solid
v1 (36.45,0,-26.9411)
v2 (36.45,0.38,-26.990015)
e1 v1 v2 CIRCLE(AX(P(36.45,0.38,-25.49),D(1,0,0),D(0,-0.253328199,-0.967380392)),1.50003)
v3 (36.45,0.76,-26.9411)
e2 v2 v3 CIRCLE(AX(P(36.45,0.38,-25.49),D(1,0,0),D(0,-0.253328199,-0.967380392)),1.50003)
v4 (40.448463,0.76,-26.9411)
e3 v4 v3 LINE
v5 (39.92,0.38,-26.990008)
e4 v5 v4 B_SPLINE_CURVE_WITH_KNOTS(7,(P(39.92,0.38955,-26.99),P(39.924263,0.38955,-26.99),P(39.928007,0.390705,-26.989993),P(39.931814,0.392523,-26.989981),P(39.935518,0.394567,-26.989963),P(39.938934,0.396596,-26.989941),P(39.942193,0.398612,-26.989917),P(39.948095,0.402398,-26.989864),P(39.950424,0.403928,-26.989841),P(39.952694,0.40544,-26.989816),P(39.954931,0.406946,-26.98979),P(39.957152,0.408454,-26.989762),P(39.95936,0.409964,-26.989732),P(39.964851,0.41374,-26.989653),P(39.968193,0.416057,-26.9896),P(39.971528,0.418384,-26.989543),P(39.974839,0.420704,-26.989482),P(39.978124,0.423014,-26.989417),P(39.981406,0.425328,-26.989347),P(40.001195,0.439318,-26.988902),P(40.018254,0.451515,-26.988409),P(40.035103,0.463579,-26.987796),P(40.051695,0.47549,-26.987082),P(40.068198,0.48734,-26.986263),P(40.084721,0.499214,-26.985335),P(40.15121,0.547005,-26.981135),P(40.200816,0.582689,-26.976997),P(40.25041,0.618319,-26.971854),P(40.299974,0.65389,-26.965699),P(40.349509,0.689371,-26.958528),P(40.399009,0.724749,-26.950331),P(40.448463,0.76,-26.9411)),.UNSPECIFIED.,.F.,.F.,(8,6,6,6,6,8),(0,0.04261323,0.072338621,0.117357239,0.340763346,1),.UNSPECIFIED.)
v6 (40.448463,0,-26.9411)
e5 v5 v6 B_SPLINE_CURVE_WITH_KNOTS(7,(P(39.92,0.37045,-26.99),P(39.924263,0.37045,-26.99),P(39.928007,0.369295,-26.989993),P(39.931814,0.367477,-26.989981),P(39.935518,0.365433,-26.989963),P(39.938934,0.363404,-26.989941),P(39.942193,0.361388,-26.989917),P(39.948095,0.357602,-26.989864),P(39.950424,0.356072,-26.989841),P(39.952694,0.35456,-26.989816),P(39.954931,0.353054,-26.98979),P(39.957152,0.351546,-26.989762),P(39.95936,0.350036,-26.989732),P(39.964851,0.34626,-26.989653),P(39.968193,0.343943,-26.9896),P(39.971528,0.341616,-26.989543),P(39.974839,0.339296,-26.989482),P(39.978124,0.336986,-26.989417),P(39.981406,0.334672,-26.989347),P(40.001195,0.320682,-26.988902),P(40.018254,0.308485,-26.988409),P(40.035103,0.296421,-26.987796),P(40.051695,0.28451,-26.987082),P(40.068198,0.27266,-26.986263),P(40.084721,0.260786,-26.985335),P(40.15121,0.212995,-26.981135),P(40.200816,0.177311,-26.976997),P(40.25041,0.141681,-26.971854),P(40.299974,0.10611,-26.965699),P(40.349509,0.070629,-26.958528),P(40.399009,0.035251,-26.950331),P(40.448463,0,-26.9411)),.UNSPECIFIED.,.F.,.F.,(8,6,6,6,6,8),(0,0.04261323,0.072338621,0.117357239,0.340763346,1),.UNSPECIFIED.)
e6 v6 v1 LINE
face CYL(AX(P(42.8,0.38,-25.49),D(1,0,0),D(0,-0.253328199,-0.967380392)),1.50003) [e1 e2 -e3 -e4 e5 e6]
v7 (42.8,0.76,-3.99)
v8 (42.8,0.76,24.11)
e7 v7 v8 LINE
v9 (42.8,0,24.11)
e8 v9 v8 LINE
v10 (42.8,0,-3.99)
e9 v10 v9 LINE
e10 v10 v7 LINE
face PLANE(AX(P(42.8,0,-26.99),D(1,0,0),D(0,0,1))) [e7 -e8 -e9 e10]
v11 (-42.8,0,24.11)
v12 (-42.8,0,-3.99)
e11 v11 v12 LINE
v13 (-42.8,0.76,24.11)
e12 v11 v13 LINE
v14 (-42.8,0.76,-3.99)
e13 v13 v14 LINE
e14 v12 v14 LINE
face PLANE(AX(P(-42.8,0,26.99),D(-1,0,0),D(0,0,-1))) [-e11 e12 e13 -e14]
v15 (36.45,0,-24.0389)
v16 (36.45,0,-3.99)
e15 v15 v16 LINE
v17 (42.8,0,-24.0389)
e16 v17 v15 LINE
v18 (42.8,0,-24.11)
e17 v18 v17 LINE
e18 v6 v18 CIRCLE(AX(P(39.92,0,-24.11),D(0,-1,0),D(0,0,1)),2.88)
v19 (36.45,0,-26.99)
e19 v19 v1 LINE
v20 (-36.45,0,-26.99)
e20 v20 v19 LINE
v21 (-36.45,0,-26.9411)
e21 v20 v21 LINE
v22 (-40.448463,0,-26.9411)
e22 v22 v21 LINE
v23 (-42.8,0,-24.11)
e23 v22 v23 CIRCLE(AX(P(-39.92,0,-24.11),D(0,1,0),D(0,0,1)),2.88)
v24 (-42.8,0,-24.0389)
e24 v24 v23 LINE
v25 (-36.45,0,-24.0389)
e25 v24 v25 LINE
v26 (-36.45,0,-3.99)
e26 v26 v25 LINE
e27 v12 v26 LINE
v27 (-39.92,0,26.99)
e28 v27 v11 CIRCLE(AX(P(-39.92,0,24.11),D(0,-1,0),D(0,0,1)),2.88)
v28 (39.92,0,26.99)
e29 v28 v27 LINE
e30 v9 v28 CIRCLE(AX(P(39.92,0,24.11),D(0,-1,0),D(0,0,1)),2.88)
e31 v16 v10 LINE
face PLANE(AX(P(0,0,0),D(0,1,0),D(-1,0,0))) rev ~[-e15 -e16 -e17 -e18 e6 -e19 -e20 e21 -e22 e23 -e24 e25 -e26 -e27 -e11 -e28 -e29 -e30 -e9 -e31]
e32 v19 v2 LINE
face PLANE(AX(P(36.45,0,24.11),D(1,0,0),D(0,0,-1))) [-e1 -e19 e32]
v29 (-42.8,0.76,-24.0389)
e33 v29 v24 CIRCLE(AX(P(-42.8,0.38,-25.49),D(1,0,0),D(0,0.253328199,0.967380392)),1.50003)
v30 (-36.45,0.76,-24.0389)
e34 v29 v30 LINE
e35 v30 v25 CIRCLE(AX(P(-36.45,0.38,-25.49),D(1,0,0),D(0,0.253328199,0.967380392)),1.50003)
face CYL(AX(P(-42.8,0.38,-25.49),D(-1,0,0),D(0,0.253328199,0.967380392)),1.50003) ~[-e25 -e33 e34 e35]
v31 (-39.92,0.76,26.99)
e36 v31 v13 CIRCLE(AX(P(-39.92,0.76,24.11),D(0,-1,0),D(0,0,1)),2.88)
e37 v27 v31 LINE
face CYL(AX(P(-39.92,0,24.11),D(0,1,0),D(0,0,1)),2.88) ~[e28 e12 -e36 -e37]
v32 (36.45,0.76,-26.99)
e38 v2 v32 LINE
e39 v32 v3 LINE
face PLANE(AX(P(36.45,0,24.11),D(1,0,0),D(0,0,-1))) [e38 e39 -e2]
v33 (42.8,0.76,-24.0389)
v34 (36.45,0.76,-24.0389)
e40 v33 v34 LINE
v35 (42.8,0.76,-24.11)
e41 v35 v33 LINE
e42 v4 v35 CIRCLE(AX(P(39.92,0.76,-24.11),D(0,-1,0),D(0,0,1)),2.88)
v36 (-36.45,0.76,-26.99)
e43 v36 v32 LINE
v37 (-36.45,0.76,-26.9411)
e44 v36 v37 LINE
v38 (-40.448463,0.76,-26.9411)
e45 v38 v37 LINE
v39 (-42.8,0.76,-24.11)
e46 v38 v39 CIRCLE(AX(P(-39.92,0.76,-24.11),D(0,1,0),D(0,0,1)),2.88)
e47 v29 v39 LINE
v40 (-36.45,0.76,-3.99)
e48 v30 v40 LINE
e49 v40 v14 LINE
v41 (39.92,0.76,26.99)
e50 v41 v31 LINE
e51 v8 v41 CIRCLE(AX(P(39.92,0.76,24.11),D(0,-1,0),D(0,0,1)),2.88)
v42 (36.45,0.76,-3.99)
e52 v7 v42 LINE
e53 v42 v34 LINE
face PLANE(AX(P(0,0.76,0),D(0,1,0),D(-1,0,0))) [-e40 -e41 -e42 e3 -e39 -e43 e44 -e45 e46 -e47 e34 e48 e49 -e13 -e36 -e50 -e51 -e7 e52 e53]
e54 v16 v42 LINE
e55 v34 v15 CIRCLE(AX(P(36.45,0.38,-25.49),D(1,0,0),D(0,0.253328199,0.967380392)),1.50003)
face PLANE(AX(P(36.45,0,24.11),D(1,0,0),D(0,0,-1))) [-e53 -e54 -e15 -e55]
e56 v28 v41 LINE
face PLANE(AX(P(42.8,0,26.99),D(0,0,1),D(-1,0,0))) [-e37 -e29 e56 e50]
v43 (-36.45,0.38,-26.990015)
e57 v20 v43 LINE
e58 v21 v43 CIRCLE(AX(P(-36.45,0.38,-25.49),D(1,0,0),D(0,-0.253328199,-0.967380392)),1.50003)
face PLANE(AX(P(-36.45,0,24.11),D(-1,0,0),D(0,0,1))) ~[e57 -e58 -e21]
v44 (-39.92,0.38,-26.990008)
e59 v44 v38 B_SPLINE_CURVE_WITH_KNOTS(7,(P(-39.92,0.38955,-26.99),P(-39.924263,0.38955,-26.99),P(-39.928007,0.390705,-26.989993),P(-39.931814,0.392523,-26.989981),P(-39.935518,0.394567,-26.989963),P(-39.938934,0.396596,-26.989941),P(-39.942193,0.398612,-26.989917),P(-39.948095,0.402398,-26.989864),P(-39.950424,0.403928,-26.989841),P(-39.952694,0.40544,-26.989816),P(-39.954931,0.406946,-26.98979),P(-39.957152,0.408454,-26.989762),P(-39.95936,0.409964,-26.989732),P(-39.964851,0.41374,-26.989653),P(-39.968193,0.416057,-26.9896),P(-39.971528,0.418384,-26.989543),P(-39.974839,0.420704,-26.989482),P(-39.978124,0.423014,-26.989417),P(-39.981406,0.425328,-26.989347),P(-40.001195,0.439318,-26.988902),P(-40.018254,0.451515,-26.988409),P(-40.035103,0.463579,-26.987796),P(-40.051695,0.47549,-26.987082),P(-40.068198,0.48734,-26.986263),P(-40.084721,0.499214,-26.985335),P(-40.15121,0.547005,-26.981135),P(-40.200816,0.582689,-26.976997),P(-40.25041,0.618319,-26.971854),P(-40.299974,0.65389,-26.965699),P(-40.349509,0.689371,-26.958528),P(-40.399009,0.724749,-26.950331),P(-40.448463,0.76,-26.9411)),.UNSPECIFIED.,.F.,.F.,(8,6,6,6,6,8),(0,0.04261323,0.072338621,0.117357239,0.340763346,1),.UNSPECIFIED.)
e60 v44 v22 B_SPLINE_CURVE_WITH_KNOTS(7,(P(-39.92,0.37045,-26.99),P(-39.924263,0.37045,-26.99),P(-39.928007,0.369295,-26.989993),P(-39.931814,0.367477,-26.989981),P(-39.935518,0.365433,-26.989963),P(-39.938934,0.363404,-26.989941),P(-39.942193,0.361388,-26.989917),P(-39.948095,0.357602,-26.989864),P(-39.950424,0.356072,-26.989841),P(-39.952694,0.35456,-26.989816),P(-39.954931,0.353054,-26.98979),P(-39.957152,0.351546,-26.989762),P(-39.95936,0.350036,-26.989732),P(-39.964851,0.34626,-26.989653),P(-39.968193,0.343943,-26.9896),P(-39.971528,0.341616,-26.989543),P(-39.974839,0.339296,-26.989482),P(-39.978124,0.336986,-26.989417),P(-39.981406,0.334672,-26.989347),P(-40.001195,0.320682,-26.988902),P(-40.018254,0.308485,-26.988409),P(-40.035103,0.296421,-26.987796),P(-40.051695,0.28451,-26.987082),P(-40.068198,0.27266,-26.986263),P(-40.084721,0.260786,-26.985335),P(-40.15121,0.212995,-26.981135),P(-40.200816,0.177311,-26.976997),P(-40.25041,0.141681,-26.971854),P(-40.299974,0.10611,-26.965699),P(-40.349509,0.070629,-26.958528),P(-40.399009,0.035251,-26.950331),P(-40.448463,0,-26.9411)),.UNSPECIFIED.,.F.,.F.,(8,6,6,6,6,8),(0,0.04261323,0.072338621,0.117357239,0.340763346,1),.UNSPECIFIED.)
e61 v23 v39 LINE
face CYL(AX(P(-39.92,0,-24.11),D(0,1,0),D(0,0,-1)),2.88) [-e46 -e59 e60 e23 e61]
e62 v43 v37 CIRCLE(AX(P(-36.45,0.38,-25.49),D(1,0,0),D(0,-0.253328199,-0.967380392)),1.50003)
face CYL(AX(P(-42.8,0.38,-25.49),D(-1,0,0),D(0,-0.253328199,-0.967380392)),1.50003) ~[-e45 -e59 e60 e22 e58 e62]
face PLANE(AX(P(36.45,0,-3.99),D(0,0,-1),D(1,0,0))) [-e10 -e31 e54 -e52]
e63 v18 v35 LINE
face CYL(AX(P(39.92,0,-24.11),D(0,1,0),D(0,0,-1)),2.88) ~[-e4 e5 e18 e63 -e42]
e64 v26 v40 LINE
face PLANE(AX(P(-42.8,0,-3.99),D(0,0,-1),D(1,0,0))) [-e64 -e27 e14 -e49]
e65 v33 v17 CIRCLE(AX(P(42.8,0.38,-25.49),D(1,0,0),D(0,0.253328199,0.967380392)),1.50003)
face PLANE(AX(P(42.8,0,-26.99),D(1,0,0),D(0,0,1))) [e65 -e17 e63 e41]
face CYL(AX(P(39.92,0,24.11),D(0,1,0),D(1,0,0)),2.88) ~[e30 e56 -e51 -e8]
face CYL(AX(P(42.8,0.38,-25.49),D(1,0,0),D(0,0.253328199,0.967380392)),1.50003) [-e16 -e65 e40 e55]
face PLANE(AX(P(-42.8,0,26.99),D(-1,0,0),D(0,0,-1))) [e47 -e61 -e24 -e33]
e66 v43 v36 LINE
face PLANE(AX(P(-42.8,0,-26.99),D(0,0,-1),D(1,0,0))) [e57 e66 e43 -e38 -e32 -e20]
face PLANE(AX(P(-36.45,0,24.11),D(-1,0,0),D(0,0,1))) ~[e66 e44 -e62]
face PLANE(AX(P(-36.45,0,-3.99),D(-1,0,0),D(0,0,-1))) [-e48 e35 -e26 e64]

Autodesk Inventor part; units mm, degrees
ref_plane "YZ Plane" through (0, 0, 0) normal (1, 0, 0) x (0, 1, 0)
ref_plane "XZ Plane" through (0, 0, 0) normal (0, 1, 0) x (-1, 0, 0)
ref_plane "XY Plane" through (0, 0, 0) normal (0, 0, 1) x (1, 0, 0)
sketch "Sketch1" plane through (0, 0, 0) normal (0, 1, 0) x (-1, 0, 0)
  line L0 (42.8, -26.99) -> (-42.8, -26.99)
  line L1 (-42.8, -26.99) -> (-42.8, 26.99)
  line L2 (-42.8, 26.99) -> (42.8, 26.99)
  line L3 (42.8, 26.99) -> (42.8, -26.99)
  line L4 (42.8, -26.99) -> (-42.8, 26.99) construction
  line L5 (-42.8, -26.99) -> (42.8, 26.99) construction
  point P0 (0, 0)
  dimension "d0" = 85.6
  dimension "d1" = 53.98
extrude "Extrusion1" add sketch "Sketch1" along normal blind 0.76
fillet "Fillet1" radius 2.88 4 edges at (42.8, 0.38, 26.99) (42.8, 0.38, -26.99) (-42.8, 0.38, 26.99) (-42.8, 0.38, -26.99)
sketch "Sketch2" plane through (0, 0, 0) normal (0, -1, 0) x (1, 0, 0)
  arc A0 (-42.8, -24.11) -> (-39.92, -26.99) centre (-39.92, -24.11) ccw projected
  line L0 (-39.92, -26.99) -> (39.92, -26.99) projected
  arc A1 (39.92, -26.99) -> (42.8, -24.11) centre (39.92, -24.11) ccw projected
  line L1 (42.8, -24.11) -> (42.8, 24.11) projected
  arc A2 (42.8, 24.11) -> (39.92, 26.99) centre (39.92, 24.11) ccw projected
  line L2 (39.92, 26.99) -> (-39.92, 26.99) projected
  arc A3 (-39.92, 26.99) -> (-42.8, 24.11) centre (-39.92, 24.11) ccw projected
  line L3 (-42.8, 24.11) -> (-42.8, -24.11) projected
  line L4 (-42.8, 24.11) -> (-42.8, -24.11) projected
  line L5 (-42.8, -3.99) -> (-36.45, -3.99)
  line L6 (-36.45, -3.99) -> (-36.45, -23.99)
  line L7 (-36.45, -23.99) -> (-42.8, -23.99)
  line L8 (-42.8, -23.99) -> (-42.8, -3.99)
  line L9 (42.8, 24.11) -> (42.8, -24.11) projected
  line L10 (42.8, -23.99) -> (36.45, -23.99)
  line L11 (36.45, -23.99) -> (36.45, -3.99)
  line L12 (36.45, -3.99) -> (42.8, -3.99)
  line L13 (42.8, -3.99) -> (42.8, -23.99)
  point P0 (0, 0)
  dimension "d5" = 6.35
  dimension "d6" = 6.35
  dimension "d7" = 3
  dimension "d8" = 3
  dimension "d9" = 20
  dimension "d10" = 20
extrude "Extrusion2" cut sketch "Sketch2" against normal through all contours L3 L5 L6 L7 | L10 L11 L12 L1
sketch "Sketch3" plane through (42.8, 0, 24.11) normal (1, 0, 0) x (0, 0, -1)
  line L0 (51.1, 0) -> (51.1, 0.76) projected
  line L1 (51.1, 0) -> (51.1, 0.76)
  line L2 (48.1, 0.76) -> (48.1, 0)
  line L3 (48.1, 0) -> (51.1, 0.76) construction
  line L4 (51.1, 0) -> (48.1, 0.76) construction
  line L5 (51.1, 0) -> (48.22, 0) projected
  arc A0 (48.1489, 0.76) -> (48.1489, 0) centre (49.6, 0.38) ccw
  arc A1 (51.0511, 0) -> (51.0511, 0.76) centre (49.6, 0.38) ccw
  line L6 (48.1, 0) -> (48.1489, 0)
  line L7 (51.0511, 0) -> (51.1, 0)
  line L8 (51.1, 0.76) -> (51.0511, 0.76)
  line L9 (48.1489, 0.76) -> (48.1, 0.76)
  point P0 (24.11, 0)
  point P1 (48.1, 0.38)
  point P2 (51.1, 0.38)
  dimension "d14" = 3
  dimension "d15" = 0.76
  dimension "d16" = 1.5
  dimension "d17" = 1.5
  dimension "d18" = 1.5
extrude "Extrusion3" cut sketch "Sketch3" against normal up to surface (6.35 mm away)
mirror "Mirror1" about plane through (0, 0, 0) normal (1, 0, 0) of "Extrusion3"
equation "\"d0\" = cardWidth"
equation "\"d1\" = cardHeight"
equation "\"d2\" = cardThickness"
equation "\"d4\" = cardFillet"
equation "\"d5\" = materialThickness"
equation "\"d6\" = materialThickness"
equation "\"d7\" = cardPinDiameter"
equation "\"d8\" = cardPinDiameter"
equation "\"d9\" = cardCutoutHeight"
equation "\"d10\" = cardCutoutHeight"
equation "\"d11\" = cardThickness"
equation "\"d14\" = cardPinDiameter"
equation "\"d15\" = cardThickness"
equation "\"d16\" = 0.5 * cardPinDiameter"
equation "\"d18\" = 0.5 * cardPinDiameter"
equation "\"d19\" = cardThickness"
equation "\"materialThickness\" = 6.35"
equation "\"laserKerf\" = 0.1"
equation "\"cardPinDiameter\" = 3"
equation "\"centeralShaftDiameter\" = 6"
equation "\"cardWidth\" = 85.6"
equation "\"cardHeight\" = 53.98"
equation "\"cardThickness\" = 0.76"
equation "\"cardFillet\" = 2.88"
equation "\"cardCutoutHeight\" = 20"
equation "\"d13\" = cardPinDiameter"
properties part number "card"
